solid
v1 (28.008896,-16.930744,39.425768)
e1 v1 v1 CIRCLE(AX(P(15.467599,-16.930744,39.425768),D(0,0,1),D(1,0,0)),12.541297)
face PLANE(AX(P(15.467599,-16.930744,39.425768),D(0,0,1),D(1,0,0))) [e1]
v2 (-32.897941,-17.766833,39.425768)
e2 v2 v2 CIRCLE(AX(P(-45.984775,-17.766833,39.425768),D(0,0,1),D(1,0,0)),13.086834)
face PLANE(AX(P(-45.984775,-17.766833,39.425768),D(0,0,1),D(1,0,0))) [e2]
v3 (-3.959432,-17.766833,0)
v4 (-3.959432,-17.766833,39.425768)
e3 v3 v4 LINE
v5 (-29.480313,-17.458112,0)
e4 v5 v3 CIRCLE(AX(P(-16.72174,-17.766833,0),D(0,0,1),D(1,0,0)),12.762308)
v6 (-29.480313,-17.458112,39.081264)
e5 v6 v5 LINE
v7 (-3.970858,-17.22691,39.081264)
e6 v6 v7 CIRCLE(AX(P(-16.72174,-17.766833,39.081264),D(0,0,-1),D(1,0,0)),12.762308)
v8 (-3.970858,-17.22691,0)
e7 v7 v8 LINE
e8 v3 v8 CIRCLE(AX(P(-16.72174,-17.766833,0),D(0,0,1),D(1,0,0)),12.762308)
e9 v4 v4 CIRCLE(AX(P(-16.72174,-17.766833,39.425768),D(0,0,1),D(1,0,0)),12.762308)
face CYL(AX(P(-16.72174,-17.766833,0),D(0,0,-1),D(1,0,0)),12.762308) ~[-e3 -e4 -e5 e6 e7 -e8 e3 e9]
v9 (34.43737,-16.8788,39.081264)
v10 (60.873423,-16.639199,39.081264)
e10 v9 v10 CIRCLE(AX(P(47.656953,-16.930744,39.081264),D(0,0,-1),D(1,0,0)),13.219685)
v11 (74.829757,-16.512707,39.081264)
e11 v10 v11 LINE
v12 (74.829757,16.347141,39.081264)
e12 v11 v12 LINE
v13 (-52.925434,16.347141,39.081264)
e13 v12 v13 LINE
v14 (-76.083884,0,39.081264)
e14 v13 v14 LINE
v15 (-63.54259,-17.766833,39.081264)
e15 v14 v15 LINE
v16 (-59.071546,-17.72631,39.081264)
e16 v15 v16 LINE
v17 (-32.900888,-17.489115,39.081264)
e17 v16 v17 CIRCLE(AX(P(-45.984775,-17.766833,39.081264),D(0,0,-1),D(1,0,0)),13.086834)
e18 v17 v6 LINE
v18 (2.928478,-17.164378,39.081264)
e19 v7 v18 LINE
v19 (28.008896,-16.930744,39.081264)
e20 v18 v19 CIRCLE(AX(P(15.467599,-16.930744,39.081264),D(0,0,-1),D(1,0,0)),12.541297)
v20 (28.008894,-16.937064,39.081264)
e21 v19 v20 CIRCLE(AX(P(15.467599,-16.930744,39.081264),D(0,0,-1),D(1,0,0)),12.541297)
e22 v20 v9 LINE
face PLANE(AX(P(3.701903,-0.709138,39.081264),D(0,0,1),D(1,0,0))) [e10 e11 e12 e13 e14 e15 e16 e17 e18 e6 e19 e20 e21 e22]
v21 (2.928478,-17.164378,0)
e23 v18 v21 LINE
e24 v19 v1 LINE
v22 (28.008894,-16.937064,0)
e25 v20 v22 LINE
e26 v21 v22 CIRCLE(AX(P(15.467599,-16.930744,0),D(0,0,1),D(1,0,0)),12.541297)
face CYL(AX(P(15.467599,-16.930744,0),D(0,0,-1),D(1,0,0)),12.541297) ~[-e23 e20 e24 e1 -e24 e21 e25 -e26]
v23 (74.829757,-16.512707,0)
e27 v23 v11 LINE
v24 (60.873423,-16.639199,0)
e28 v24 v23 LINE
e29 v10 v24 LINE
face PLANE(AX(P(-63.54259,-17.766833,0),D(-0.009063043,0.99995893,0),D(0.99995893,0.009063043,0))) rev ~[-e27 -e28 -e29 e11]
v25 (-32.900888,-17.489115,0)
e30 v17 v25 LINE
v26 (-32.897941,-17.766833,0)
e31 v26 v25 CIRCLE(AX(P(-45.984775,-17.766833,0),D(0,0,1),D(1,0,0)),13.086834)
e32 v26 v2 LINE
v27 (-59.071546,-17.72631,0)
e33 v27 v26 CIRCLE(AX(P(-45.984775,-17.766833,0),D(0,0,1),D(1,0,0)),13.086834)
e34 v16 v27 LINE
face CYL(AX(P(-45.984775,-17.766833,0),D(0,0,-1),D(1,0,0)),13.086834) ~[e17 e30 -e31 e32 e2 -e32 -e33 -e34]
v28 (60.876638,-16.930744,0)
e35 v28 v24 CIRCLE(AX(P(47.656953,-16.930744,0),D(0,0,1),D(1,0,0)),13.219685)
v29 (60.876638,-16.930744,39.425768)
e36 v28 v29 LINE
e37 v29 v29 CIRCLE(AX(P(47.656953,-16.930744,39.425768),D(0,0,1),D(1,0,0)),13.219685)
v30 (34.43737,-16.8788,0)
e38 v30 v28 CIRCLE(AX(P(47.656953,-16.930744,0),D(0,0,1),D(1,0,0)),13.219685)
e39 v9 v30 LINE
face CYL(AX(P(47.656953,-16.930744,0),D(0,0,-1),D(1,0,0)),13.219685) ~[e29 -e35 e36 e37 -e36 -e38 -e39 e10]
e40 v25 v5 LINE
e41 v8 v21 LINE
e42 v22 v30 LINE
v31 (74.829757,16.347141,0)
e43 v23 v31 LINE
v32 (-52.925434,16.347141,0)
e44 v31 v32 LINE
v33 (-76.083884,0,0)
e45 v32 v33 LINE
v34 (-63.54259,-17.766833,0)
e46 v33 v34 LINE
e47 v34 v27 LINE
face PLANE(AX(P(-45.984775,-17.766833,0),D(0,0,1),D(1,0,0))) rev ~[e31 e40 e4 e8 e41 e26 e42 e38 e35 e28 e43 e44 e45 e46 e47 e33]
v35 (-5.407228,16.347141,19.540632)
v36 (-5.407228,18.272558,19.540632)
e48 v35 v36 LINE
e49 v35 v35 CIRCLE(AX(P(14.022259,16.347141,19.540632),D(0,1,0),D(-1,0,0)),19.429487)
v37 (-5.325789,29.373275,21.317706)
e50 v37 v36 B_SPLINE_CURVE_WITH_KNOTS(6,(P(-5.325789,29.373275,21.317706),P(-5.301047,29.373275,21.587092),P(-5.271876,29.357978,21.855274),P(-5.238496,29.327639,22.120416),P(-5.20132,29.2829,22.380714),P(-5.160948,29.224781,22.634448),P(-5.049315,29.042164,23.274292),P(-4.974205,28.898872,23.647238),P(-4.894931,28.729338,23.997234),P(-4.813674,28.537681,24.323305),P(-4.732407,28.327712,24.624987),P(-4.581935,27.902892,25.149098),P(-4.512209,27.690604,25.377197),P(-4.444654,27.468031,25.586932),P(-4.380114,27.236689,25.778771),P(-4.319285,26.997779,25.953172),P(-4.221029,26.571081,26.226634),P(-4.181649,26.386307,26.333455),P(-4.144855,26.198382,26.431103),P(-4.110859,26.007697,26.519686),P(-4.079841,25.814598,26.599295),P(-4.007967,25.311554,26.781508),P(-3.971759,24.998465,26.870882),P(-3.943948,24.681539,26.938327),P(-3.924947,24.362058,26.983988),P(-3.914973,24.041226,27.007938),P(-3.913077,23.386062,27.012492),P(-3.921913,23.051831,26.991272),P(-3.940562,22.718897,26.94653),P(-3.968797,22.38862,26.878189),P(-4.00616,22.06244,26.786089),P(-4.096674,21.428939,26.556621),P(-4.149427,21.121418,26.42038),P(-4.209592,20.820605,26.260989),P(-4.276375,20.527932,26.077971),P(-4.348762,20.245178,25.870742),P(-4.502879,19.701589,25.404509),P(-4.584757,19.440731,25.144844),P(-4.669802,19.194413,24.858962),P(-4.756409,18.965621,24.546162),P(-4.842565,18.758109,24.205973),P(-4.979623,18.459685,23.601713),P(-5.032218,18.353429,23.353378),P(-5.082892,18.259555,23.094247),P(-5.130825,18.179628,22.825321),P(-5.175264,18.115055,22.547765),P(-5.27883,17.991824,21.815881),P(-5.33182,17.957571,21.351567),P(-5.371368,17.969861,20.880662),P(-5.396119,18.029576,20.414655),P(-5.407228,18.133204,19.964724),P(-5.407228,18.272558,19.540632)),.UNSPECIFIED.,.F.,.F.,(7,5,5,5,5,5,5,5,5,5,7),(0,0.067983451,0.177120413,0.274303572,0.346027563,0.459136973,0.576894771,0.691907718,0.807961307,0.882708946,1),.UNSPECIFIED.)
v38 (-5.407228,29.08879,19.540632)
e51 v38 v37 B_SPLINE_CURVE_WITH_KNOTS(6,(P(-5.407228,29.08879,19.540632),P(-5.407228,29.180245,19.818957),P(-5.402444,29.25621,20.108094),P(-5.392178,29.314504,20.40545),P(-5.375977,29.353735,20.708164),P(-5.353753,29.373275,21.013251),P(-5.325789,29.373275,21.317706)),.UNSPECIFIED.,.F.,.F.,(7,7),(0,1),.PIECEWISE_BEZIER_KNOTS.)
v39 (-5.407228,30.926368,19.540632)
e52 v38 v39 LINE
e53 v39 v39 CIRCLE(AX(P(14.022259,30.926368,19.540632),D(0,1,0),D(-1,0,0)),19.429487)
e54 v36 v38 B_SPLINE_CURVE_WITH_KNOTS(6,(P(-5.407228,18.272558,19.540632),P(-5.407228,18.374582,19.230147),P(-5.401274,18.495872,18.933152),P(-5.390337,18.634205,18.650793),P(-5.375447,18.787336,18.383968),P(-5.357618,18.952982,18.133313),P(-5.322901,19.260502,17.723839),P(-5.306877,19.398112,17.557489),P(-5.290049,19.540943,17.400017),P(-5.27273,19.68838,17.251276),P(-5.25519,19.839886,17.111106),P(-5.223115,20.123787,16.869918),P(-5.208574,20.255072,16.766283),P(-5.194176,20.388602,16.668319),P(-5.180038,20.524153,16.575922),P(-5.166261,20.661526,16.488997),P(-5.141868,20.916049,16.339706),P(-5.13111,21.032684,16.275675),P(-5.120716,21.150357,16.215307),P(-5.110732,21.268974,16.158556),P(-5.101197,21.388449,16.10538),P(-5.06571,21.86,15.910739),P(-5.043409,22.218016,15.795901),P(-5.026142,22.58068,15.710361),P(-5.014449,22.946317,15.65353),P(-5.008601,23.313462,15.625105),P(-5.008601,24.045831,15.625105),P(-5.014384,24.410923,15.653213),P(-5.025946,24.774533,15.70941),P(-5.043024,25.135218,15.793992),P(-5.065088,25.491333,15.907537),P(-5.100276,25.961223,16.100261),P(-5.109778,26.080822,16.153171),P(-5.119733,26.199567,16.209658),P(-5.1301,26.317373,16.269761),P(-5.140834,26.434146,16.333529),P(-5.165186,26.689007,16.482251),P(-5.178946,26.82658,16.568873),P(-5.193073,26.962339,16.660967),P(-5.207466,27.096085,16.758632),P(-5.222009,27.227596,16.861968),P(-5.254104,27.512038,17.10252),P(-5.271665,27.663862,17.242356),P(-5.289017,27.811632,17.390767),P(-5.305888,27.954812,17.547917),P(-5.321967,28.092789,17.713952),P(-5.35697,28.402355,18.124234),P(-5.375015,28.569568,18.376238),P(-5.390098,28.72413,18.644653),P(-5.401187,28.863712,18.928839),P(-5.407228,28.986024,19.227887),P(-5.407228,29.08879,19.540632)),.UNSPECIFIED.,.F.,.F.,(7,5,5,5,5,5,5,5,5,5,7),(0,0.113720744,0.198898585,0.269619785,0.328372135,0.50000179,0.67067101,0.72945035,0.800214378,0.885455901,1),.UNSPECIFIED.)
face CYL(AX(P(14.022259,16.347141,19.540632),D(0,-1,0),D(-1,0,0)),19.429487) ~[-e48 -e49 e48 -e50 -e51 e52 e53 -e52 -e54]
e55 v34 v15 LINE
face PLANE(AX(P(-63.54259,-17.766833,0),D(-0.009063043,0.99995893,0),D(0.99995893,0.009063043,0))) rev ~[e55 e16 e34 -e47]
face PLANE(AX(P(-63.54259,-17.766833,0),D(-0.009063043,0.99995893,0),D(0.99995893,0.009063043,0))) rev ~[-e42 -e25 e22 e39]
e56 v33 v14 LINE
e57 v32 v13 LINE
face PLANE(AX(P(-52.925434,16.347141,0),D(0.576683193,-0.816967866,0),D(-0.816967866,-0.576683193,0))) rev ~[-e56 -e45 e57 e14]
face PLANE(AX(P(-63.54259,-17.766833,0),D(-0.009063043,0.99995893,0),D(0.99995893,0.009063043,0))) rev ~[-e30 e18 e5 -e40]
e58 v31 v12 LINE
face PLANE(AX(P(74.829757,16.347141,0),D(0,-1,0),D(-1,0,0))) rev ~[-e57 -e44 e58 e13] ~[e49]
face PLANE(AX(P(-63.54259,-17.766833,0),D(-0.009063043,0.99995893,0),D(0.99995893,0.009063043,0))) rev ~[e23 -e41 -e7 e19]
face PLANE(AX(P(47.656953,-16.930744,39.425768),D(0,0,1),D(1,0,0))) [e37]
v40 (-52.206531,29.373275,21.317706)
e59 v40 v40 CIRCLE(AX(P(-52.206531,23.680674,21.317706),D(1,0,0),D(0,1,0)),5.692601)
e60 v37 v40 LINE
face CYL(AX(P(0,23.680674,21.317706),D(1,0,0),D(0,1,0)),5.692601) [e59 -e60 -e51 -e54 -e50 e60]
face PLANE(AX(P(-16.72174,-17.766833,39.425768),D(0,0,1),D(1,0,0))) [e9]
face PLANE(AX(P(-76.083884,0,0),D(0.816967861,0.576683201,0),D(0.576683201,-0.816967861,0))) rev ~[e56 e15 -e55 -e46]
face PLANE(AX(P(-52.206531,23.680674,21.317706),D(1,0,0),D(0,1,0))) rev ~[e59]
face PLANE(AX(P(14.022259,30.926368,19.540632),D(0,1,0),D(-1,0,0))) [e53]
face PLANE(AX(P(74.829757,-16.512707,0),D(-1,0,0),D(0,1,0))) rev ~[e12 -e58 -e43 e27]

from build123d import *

# Parameters (mm, degrees)
F1_DEPTH = 39.081264
F2_R     = 13.086834
F2_R_2   = 12.762308
F2_R_3   = 12.541297
F2_R_4   = 13.219685
F3_DEPTH = 39.425768
F4_R     = 19.429487
F5_DEPTH = 14.579227
F6_R     = 5.692601
F7_DEPTH = 52.206531


with BuildPart() as f1:
    # F0 (on Top) → F1 (new body)
    with BuildSketch(Plane.XY):
        Polygon((-52.925434, 16.347141), (-76.083884, 0), (-63.54259, -17.766833), (74.829757, -16.512707), (74.829757, 16.347141), align=None)
    extrude(amount=F1_DEPTH)

    # F2 (on Top) → F3 (join)
    with BuildSketch(Plane.XY):
        with Locations((-45.984775, -17.766833)):
            Circle(F2_R)
        with Locations((-16.72174, -17.766833)):
            Circle(F2_R_2)
        with Locations((15.467599, -16.930744)):
            Circle(F2_R_3)
        with Locations((47.656953, -16.930744)):
            Circle(F2_R_4)
    extrude(amount=F3_DEPTH)

    # F4 (on face) → F5 (join)
    with BuildSketch(Plane(origin=(0, 16.347141, 0), x_dir=(-1, 0, 0), z_dir=(0, 1, 0))):
        with Locations((-14.022259, 19.540632)):
            Circle(F4_R)
    extrude(amount=F5_DEPTH)

    # F6 (on Right) → F7 (join)
    with BuildSketch(Plane.YZ):
        with Locations((23.680674, 21.317706)):
            Circle(F6_R)
    extrude(amount=-F7_DEPTH)


solid = f1.part
